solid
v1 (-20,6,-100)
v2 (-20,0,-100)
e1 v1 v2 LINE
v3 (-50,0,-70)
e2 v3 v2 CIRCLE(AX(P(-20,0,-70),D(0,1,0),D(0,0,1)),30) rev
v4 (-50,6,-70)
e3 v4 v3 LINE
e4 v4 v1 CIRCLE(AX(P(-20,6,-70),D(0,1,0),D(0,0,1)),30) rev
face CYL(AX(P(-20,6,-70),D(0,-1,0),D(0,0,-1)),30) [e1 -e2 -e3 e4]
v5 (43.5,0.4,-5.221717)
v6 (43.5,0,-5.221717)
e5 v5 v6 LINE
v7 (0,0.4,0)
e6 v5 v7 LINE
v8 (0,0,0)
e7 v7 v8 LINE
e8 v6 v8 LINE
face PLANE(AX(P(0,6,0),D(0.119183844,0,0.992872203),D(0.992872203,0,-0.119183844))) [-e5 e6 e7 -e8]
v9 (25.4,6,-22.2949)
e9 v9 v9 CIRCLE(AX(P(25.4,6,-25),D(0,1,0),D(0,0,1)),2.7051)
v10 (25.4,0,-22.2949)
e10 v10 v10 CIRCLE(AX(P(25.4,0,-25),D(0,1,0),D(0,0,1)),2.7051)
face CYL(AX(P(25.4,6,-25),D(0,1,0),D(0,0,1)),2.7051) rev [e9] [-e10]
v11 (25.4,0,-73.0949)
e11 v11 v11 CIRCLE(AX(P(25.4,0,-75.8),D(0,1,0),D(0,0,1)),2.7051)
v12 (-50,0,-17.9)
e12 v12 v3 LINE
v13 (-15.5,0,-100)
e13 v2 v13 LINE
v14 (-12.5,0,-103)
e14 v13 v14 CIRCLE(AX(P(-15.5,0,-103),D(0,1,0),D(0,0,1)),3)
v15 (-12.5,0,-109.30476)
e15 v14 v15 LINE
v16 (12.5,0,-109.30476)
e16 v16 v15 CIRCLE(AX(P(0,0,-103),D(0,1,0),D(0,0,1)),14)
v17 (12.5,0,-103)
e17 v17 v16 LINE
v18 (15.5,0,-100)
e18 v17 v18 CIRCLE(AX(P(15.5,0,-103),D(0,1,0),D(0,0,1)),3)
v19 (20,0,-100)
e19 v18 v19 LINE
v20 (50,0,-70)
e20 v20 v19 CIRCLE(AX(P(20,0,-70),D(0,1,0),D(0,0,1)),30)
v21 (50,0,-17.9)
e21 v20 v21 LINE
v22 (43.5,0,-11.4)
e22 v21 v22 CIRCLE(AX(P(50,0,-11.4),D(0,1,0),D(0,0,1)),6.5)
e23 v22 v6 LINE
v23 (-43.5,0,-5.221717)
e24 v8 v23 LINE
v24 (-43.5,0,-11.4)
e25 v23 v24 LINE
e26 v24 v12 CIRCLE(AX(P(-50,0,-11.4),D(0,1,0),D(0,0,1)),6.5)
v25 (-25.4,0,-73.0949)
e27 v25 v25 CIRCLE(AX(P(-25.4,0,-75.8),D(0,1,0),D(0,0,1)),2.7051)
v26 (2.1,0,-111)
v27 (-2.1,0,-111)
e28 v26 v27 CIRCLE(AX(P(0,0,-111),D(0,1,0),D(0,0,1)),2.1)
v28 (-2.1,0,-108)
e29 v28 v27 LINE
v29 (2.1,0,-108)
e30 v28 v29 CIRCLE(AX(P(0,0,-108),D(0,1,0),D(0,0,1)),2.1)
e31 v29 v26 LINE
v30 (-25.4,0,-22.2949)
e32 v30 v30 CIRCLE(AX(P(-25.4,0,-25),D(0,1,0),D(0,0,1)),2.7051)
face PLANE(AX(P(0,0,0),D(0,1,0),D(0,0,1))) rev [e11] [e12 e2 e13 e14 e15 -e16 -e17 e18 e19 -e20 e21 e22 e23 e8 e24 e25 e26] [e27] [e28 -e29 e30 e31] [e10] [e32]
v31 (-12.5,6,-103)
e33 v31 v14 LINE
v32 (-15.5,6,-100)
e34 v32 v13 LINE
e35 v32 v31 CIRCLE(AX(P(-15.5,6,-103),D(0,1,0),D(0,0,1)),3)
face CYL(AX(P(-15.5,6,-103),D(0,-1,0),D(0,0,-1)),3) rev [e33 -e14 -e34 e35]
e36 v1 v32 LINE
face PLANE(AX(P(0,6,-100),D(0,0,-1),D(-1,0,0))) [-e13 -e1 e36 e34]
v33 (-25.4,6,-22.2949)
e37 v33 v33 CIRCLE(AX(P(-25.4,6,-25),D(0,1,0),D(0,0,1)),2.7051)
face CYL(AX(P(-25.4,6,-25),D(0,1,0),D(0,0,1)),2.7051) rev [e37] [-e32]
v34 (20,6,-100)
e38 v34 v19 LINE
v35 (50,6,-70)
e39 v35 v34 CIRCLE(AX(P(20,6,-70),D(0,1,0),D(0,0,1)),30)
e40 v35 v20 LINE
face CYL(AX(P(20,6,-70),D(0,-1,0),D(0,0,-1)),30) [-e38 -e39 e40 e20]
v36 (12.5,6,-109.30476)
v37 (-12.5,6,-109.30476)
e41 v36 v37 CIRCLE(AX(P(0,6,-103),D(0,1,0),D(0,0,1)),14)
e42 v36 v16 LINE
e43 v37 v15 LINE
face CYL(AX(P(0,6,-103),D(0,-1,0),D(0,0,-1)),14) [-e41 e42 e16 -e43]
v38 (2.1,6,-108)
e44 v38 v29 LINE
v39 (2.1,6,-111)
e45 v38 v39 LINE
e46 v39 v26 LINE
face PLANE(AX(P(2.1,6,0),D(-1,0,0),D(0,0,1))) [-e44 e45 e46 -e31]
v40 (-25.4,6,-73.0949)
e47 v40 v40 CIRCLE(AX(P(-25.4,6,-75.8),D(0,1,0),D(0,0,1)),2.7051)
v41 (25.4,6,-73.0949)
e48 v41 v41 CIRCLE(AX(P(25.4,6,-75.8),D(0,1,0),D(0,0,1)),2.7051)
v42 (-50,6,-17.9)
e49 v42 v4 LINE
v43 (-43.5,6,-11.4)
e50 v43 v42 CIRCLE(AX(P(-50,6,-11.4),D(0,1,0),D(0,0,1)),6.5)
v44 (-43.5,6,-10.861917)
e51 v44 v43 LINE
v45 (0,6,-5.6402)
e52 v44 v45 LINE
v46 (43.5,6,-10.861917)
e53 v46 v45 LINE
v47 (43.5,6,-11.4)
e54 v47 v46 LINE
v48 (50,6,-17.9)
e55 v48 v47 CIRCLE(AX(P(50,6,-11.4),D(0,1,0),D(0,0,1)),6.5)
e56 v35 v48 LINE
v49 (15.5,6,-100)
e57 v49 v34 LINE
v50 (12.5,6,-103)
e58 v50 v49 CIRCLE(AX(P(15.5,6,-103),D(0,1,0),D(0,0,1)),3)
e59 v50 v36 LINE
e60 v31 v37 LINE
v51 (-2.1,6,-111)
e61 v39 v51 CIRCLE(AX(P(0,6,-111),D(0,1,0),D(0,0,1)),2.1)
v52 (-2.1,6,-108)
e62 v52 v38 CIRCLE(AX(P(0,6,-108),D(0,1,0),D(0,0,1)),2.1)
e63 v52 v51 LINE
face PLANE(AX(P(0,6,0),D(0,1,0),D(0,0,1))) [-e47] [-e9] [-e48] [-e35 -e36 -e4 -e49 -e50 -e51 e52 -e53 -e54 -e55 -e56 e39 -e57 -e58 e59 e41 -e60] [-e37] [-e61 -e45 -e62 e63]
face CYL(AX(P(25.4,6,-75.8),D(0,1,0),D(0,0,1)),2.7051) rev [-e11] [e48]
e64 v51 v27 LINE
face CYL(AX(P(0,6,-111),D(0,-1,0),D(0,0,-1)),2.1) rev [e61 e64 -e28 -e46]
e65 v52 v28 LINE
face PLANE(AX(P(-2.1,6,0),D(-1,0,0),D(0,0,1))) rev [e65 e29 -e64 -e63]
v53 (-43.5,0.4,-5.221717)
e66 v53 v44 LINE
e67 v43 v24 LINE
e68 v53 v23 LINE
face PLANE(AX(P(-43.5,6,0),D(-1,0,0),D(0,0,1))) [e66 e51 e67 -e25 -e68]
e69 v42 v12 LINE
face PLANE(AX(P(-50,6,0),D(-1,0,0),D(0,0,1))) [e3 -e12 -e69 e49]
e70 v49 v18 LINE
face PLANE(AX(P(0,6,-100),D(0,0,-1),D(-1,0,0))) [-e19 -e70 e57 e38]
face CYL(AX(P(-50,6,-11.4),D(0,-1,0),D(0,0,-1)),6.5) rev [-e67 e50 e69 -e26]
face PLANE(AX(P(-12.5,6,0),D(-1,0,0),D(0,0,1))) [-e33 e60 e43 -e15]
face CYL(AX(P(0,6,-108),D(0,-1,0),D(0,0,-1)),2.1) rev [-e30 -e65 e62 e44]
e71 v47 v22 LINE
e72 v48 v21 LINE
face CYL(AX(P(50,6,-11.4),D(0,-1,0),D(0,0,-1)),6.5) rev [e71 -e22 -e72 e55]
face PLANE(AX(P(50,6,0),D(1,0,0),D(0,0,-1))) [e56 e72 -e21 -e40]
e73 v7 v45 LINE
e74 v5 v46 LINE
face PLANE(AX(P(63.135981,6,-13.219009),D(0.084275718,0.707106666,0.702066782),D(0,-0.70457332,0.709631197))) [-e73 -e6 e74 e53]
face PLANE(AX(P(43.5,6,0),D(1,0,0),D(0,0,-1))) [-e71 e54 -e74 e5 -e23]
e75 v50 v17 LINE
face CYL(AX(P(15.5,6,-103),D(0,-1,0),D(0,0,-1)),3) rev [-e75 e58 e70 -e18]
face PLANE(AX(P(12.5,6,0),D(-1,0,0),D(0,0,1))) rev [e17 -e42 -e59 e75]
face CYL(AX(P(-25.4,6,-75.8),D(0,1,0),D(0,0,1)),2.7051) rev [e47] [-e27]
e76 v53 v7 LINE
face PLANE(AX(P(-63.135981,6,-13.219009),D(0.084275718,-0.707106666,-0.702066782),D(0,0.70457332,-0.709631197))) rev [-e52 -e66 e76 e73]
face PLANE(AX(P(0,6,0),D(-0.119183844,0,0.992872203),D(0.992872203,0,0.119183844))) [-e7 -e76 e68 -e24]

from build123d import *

# Parameters (mm, degrees)
BOSS_EXTRUDE1_DEPTH     = 6
CUT_EXTRUDE1_DEPTH      = 43.812285079
CUT_EXTRUDE2_DEPTH      = 43.812285079
F_1_4_28_TAPPED_HOLE1_D = 5.4102


with BuildPart() as part:
    # Sketch1 → Boss-Extrude1 (new body)
    with BuildSketch(Plane(origin=(0, 0, 0), x_dir=(1, 0, 0), z_dir=(0, 1, 0))):
        with BuildLine():
            ThreePointArc((-43.5, 11.4), (-45.403805922, 15.996194078), (-50, 17.9))
            Line((-50, 17.9), (-50, 70))
            ThreePointArc((-50, 70), (-41.213203436, 91.213203436), (-20, 100))
            Line((-20, 100), (-15.5, 100))
            ThreePointArc((-15.5, 100), (-13.378679656, 100.878679656), (-12.5, 103))
            Line((-12.5, 103), (-12.5, 109.304760106))
            ThreePointArc((-12.5, 109.304760106), (0, 117), (12.5, 109.304760106))
            Line((12.5, 109.304760106), (12.5, 103))
            ThreePointArc((12.5, 103), (13.378679656, 100.878679656), (15.5, 100))
            Line((15.5, 100), (20, 100))
            ThreePointArc((20, 100), (41.213203436, 91.213203436), (50, 70))
            Line((50, 70), (50, 17.9))
            ThreePointArc((50, 17.9), (45.403805922, 15.996194078), (43.5, 11.4))
            Line((43.5, 11.4), (43.5, 5.221716559))
            Line((43.5, 5.221716559), (0, 0))
            Line((0, 0), (-43.5, 5.221716559))
            Line((-43.5, 5.221716559), (-43.5, 11.4))
        make_face()
        with BuildLine():
            ThreePointArc((2.1, 111), (0, 113.1), (-2.1, 111))
            Line((-2.1, 111), (-2.1, 108))
            ThreePointArc((-2.1, 108), (0, 105.9), (2.1, 108))
            Line((2.1, 108), (2.1, 111))
        make_face(mode=Mode.SUBTRACT)
    extrude(amount=BOSS_EXTRUDE1_DEPTH)

    # Sketch2 → Cut-Extrude1 (cut, along a direction that is not the sketch's normal)
    with BuildSketch(Plane(origin=(0, 0, 0), x_dir=(0, 0, -1), z_dir=(1, 0, 0))):
        Polygon((5.640200242, 6), (0, 0.400000131), (0, 6), align=None)
    extrude(amount=CUT_EXTRUDE1_DEPTH, dir=(0.9928722028940861, 0, -0.11918384420820177), mode=Mode.SUBTRACT)

    # Sketch2<2> → Cut-Extrude2 (cut, along a direction that is not the sketch's normal)
    with BuildSketch(Plane(origin=(0, 0, 0), x_dir=(0, 0, -1), z_dir=(1, 0, 0))):
        Polygon((5.640200242, 6), (0, 0.400000131), (0, 6), align=None)
    extrude(amount=-CUT_EXTRUDE2_DEPTH, dir=(0.9928722028940861, 0, 0.11918384420820147), mode=Mode.SUBTRACT)

    # 1/4-28 Tapped Hole1 (through all)
    with Locations(Plane(origin=(0, 6, 0), x_dir=(1, 0, 0), z_dir=(0, 1, 0))):
        with Locations((-25.4, 75.8), (25.4, 75.8), (25.4, 25), (-25.4, 25)):
            Hole(F_1_4_28_TAPPED_HOLE1_D / 2)


solid = part.part
